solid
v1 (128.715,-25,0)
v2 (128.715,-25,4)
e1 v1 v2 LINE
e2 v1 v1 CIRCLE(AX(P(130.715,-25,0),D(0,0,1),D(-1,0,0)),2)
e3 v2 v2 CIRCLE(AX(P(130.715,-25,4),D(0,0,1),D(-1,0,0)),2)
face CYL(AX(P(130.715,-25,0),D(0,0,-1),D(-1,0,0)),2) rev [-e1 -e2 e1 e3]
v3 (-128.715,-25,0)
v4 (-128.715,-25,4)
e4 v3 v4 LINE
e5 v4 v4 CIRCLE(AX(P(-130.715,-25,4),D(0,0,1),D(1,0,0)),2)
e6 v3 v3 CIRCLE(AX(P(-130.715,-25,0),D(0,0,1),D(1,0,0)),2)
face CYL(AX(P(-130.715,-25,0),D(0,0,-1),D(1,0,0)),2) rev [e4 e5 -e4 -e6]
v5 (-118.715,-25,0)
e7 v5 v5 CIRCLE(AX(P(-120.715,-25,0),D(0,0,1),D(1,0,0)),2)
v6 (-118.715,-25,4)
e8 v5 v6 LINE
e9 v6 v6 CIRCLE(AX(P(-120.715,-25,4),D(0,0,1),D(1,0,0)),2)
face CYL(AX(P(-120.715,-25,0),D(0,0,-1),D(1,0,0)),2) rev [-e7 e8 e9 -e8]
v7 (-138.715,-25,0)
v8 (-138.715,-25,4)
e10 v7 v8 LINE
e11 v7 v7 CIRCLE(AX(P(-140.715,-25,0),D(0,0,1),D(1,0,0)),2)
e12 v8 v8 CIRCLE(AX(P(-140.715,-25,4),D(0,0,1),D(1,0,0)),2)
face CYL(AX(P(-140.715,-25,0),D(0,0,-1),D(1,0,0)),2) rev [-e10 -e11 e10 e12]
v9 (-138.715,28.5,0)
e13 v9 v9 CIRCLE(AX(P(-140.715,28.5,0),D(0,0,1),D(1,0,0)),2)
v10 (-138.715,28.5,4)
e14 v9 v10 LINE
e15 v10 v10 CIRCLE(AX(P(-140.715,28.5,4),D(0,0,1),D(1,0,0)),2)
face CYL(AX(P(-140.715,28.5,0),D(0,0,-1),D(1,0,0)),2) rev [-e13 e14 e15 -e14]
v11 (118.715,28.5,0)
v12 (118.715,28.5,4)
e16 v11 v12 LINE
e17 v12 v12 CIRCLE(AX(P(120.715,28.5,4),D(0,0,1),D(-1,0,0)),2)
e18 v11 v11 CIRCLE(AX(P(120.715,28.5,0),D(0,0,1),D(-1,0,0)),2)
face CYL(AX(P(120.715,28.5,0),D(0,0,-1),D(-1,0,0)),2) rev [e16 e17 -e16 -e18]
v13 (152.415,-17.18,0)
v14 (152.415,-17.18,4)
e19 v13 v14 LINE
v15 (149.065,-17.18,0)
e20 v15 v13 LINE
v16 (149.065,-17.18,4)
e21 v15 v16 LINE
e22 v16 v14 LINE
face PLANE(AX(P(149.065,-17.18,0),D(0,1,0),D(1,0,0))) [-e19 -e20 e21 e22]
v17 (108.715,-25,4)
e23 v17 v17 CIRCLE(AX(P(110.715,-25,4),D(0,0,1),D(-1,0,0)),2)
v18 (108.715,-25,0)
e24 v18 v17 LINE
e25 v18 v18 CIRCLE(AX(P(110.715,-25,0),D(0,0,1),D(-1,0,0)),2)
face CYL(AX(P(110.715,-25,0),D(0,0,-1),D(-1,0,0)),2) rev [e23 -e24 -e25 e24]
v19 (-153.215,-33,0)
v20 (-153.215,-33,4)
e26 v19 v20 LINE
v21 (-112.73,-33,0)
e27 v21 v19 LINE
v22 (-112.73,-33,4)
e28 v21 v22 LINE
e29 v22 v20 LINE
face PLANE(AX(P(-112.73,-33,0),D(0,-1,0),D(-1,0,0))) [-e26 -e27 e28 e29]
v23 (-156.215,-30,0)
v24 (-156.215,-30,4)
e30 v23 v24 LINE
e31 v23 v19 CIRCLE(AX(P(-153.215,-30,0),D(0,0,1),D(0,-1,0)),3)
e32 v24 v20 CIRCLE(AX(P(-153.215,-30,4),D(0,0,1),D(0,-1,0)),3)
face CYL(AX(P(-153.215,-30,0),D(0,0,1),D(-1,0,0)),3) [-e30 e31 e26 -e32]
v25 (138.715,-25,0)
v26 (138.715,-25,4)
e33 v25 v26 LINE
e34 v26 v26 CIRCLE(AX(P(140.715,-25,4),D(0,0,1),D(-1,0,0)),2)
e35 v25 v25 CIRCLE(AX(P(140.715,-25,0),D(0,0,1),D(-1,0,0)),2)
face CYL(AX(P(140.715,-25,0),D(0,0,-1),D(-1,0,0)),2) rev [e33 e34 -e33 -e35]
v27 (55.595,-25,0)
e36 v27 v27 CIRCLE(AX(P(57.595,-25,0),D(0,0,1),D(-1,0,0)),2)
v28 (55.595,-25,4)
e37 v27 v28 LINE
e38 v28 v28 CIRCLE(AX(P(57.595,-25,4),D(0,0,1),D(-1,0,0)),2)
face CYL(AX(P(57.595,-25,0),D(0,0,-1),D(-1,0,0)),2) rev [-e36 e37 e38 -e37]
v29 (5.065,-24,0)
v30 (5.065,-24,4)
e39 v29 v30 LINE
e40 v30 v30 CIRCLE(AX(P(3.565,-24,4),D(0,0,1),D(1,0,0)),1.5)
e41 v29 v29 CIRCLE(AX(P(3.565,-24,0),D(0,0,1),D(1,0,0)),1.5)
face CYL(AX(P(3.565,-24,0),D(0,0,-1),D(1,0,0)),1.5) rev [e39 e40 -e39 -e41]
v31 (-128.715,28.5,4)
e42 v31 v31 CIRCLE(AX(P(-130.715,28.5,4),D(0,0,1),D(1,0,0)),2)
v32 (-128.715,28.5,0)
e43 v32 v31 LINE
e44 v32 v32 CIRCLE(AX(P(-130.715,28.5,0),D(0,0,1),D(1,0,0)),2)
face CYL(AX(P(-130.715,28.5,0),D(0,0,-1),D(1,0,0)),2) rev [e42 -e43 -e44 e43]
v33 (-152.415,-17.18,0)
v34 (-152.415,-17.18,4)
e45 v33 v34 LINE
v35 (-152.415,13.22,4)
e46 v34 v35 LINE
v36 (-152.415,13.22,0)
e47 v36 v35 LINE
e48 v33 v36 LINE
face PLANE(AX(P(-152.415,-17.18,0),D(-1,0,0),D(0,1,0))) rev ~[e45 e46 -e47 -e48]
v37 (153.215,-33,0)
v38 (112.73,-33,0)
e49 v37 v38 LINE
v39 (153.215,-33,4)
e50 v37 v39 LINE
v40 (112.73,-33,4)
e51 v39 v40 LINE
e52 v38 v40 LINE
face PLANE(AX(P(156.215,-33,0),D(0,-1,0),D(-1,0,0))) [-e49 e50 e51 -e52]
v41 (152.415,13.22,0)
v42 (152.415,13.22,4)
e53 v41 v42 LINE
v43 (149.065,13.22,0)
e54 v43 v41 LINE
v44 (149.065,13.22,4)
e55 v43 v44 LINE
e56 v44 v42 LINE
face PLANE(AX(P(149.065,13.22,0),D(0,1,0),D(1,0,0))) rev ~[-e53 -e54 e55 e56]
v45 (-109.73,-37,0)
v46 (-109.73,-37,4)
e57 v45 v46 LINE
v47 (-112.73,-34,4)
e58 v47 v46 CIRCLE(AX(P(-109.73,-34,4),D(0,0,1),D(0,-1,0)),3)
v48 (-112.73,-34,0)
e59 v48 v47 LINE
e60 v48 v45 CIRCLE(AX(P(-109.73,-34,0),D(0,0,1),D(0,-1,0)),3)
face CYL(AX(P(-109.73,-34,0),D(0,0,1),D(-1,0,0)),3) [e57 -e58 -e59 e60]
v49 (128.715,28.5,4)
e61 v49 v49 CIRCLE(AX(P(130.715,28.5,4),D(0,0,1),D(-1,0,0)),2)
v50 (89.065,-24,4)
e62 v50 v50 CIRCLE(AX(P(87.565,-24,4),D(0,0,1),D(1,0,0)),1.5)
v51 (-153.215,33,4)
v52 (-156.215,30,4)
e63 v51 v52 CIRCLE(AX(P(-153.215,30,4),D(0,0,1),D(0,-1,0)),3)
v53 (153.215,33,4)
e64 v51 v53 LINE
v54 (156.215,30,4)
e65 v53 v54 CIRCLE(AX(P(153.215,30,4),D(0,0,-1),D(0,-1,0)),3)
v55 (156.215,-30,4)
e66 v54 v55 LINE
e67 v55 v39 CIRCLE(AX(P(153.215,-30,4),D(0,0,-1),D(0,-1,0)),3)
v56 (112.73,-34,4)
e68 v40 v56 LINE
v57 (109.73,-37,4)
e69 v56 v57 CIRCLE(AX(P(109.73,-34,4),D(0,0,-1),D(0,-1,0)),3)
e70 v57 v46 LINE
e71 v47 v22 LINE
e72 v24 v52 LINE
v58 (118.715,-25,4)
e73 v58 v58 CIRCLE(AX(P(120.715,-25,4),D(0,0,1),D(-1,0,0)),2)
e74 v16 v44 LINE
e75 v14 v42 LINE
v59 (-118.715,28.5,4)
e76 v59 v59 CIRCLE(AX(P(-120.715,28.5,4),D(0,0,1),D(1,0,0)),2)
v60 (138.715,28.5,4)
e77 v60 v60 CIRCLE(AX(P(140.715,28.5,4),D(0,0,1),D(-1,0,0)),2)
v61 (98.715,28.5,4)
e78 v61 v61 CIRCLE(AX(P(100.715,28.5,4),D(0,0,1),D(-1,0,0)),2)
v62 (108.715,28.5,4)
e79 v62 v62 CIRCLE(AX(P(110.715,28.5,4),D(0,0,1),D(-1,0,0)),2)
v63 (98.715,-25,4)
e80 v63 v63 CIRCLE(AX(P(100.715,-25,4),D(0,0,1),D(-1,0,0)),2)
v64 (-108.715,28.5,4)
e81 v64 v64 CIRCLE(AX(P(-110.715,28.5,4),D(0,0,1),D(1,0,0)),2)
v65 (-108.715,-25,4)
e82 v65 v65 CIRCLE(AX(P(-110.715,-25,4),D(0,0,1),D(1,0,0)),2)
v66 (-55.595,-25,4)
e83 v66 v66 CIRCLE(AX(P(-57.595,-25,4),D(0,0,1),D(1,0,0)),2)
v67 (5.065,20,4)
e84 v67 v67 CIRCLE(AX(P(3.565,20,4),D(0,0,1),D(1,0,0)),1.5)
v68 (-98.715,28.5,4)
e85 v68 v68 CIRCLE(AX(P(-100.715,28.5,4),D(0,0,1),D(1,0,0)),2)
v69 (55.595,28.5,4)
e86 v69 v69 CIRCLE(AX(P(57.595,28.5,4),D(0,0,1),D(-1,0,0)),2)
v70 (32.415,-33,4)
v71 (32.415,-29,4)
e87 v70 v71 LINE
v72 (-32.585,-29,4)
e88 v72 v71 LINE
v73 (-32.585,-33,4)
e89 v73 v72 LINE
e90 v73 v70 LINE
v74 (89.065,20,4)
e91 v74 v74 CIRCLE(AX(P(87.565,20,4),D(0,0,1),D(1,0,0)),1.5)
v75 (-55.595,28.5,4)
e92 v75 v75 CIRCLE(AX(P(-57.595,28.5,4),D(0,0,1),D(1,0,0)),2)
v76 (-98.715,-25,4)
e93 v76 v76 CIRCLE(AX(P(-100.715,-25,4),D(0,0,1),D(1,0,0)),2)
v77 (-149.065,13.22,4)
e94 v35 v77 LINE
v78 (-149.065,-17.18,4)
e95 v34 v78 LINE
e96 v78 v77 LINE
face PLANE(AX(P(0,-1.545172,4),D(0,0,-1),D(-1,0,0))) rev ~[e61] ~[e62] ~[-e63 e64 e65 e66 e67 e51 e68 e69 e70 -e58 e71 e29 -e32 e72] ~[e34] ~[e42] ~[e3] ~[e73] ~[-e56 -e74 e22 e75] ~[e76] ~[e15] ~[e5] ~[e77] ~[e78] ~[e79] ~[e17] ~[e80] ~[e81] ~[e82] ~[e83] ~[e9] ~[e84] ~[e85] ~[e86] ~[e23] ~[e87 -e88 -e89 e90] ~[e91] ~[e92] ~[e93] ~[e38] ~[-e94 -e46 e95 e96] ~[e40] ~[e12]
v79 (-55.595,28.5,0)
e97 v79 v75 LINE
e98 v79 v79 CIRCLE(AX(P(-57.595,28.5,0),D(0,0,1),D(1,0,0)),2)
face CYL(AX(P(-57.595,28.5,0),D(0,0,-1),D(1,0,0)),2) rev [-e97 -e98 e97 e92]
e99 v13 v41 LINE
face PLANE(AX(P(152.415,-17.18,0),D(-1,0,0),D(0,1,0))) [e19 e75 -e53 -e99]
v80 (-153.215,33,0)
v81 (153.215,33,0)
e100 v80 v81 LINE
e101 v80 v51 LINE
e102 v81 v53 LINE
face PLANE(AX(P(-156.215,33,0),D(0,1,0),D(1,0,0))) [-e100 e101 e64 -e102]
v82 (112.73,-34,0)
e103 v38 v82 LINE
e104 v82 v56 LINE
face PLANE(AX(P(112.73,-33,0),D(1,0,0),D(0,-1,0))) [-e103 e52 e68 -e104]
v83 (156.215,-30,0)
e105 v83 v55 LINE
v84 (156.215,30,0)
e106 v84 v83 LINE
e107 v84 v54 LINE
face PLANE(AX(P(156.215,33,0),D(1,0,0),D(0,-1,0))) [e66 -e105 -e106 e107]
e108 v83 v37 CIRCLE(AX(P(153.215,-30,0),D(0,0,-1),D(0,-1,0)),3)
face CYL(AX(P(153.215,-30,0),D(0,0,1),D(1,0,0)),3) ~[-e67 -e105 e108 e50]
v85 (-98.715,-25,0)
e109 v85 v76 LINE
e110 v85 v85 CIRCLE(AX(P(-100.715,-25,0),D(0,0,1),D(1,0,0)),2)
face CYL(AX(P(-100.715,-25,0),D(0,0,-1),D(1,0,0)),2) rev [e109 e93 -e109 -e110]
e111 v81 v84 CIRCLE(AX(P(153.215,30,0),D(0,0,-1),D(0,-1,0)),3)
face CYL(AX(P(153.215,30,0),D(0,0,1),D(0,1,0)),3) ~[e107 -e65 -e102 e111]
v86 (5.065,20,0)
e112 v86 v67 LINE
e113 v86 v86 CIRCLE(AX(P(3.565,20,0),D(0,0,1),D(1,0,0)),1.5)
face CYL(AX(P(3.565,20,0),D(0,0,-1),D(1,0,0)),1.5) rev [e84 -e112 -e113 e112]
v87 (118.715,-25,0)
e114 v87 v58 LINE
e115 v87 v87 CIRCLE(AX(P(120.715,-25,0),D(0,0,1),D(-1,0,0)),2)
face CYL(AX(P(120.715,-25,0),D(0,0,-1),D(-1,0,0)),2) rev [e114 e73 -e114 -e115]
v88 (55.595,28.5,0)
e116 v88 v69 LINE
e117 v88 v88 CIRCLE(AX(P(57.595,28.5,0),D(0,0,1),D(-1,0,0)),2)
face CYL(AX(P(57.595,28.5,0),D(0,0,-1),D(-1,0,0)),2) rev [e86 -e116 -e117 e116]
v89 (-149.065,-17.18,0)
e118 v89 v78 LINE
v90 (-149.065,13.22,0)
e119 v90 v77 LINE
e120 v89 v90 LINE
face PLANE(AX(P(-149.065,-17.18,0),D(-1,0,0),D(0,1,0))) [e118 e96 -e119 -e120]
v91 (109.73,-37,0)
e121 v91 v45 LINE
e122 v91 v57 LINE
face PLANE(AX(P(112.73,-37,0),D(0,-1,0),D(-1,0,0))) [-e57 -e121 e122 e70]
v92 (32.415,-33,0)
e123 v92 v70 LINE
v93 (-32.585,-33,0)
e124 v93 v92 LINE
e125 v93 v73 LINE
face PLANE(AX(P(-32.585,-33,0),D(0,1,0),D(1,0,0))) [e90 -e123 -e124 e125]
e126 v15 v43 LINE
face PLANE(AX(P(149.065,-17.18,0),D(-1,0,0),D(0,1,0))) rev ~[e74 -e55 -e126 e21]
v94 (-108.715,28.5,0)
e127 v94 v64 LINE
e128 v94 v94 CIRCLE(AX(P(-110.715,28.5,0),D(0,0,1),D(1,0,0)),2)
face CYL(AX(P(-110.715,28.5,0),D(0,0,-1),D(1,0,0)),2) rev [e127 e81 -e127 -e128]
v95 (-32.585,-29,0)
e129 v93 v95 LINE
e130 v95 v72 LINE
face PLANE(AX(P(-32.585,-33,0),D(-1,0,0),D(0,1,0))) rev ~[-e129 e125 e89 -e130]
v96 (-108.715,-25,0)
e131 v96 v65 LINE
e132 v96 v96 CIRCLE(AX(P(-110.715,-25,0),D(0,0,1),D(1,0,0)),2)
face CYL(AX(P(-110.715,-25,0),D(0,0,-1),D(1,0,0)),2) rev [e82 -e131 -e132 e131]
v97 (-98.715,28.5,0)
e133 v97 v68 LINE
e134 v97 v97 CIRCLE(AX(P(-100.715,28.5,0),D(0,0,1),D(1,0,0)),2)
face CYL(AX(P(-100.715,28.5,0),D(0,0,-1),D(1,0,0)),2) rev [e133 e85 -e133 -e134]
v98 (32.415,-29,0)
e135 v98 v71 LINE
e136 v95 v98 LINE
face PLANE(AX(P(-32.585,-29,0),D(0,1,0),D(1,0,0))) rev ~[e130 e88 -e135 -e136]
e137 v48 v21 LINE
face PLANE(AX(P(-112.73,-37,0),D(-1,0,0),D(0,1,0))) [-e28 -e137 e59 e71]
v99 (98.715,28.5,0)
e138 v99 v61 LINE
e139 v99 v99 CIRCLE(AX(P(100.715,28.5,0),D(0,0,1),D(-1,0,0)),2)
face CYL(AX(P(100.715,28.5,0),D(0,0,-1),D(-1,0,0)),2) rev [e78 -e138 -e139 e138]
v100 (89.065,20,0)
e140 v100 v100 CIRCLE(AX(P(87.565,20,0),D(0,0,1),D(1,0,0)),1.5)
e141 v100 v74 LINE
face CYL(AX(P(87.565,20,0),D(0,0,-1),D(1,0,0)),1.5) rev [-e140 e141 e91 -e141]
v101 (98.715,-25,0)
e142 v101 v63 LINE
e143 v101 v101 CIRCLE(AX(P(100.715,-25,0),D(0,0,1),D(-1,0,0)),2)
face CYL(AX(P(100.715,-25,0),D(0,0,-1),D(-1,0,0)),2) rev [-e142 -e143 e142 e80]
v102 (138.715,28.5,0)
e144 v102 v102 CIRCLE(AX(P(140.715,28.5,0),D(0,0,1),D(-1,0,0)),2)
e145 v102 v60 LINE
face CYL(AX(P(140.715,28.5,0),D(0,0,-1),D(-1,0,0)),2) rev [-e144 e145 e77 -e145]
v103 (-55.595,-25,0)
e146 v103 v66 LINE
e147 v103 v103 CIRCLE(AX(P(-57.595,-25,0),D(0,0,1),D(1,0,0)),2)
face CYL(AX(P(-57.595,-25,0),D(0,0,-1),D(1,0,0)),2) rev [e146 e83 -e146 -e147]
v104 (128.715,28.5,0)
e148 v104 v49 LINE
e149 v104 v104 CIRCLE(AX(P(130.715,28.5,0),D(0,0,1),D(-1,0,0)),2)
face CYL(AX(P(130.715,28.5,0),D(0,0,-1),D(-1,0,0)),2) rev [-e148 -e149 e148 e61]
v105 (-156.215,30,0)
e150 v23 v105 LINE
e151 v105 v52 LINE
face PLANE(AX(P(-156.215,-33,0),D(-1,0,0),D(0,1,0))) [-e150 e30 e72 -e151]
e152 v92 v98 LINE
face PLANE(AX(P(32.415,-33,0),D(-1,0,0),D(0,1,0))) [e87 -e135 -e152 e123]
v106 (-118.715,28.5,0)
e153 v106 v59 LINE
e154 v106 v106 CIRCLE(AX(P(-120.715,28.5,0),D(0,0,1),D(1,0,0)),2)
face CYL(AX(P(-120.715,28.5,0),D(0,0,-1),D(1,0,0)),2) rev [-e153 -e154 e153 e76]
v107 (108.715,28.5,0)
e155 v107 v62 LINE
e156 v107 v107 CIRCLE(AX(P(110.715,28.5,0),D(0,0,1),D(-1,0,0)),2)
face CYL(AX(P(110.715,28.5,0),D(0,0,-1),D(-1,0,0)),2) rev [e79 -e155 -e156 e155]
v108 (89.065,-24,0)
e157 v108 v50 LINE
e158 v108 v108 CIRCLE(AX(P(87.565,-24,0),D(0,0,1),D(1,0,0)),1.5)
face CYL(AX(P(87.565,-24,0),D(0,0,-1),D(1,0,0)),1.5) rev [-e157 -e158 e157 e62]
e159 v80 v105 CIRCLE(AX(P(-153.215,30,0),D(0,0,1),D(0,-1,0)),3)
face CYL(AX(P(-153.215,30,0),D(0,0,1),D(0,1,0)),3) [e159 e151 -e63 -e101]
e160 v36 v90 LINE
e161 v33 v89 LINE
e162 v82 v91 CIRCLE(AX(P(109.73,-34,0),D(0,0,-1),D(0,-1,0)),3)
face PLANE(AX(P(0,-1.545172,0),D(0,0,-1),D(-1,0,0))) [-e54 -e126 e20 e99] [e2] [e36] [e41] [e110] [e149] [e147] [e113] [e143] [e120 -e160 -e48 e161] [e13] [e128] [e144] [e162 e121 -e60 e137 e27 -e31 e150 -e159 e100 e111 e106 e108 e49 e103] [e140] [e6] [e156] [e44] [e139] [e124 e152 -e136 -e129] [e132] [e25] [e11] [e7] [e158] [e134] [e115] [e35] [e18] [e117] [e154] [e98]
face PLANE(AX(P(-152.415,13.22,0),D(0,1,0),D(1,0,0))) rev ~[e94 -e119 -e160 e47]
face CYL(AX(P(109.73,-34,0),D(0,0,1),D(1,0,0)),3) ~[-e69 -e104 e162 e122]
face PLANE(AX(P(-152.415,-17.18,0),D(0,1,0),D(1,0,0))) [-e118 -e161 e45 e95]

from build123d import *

# Parameters (mm, degrees)
SKETCH1_R           = 2
SKETCH1_R_2         = 1.5
SKETCH1_W           = 3.35
SKETCH1_H           = 30.4
SKETCH1_W_2         = 65
SKETCH1_H_2         = 4
BOSS_EXTRUDE1_DEPTH = 4
FILLET1_R           = 3


with BuildPart() as part:
    # Sketch1 → Boss-Extrude1 (new body)
    with BuildSketch(Plane.XY):
        Polygon((-156.215, 33), (156.215, 33), (156.215, -33), (112.73, -33), (112.73, -37), (-112.73, -37), (-112.73, -33), (-156.215, -33), align=None)
        with Locations((-140.715, 28.5)):
            Circle(SKETCH1_R, mode=Mode.SUBTRACT)
        with Locations((-130.715, 28.5)):
            Circle(SKETCH1_R, mode=Mode.SUBTRACT)
        with Locations((-120.715, 28.5)):
            Circle(SKETCH1_R, mode=Mode.SUBTRACT)
        with Locations((-110.715, 28.5)):
            Circle(SKETCH1_R, mode=Mode.SUBTRACT)
        with Locations((-100.715, 28.5)):
            Circle(SKETCH1_R, mode=Mode.SUBTRACT)
        with Locations((-57.595, 28.5)):
            Circle(SKETCH1_R, mode=Mode.SUBTRACT)
        with Locations(Location((57.595, 28.5, 0), (0, 0, 180))):
            Circle(SKETCH1_R, mode=Mode.SUBTRACT)
        with Locations(Location((100.715, 28.5, 0), (0, 0, 180))):
            Circle(SKETCH1_R, mode=Mode.SUBTRACT)
        with Locations(Location((110.715, 28.5, 0), (0, 0, 180))):
            Circle(SKETCH1_R, mode=Mode.SUBTRACT)
        with Locations(Location((120.715, 28.5, 0), (0, 0, 180))):
            Circle(SKETCH1_R, mode=Mode.SUBTRACT)
        with Locations(Location((130.715, 28.5, 0), (0, 0, 180))):
            Circle(SKETCH1_R, mode=Mode.SUBTRACT)
        with Locations(Location((140.715, 28.5, 0), (0, 0, 180))):
            Circle(SKETCH1_R, mode=Mode.SUBTRACT)
        with Locations((-140.715, -25)):
            Circle(SKETCH1_R, mode=Mode.SUBTRACT)
        with Locations((-130.715, -25)):
            Circle(SKETCH1_R, mode=Mode.SUBTRACT)
        with Locations((-120.715, -25)):
            Circle(SKETCH1_R, mode=Mode.SUBTRACT)
        with Locations((-110.715, -25)):
            Circle(SKETCH1_R, mode=Mode.SUBTRACT)
        with Locations((-100.715, -25)):
            Circle(SKETCH1_R, mode=Mode.SUBTRACT)
        with Locations((-57.595, -25)):
            Circle(SKETCH1_R, mode=Mode.SUBTRACT)
        with Locations(Location((140.715, -25, 0), (0, 0, 180))):
            Circle(SKETCH1_R, mode=Mode.SUBTRACT)
        with Locations(Location((130.715, -25, 0), (0, 0, 180))):
            Circle(SKETCH1_R, mode=Mode.SUBTRACT)
        with Locations(Location((120.715, -25, 0), (0, 0, 180))):
            Circle(SKETCH1_R, mode=Mode.SUBTRACT)
        with Locations(Location((110.715, -25, 0), (0, 0, 180))):
            Circle(SKETCH1_R, mode=Mode.SUBTRACT)
        with Locations(Location((100.715, -25, 0), (0, 0, 180))):
            Circle(SKETCH1_R, mode=Mode.SUBTRACT)
        with Locations(Location((57.595, -25, 0), (0, 0, 180))):
            Circle(SKETCH1_R, mode=Mode.SUBTRACT)
        with Locations((3.565, -24)):
            Circle(SKETCH1_R_2, mode=Mode.SUBTRACT)
        with Locations((3.565, 20)):
            Circle(SKETCH1_R_2, mode=Mode.SUBTRACT)
        with Locations((87.565, 20)):
            Circle(SKETCH1_R_2, mode=Mode.SUBTRACT)
        with Locations((87.565, -24)):
            Circle(SKETCH1_R_2, mode=Mode.SUBTRACT)
        with Locations((150.74, -1.98)):
            Rectangle(SKETCH1_W, SKETCH1_H, mode=Mode.SUBTRACT)
        with Locations((-150.74, -1.98)):
            Rectangle(SKETCH1_W, SKETCH1_H, mode=Mode.SUBTRACT)
        with Locations((-0.085, -31)):
            Rectangle(SKETCH1_W_2, SKETCH1_H_2, mode=Mode.SUBTRACT)
    extrude(amount=BOSS_EXTRUDE1_DEPTH)

    # Fillet1
    fillet1_edges = [part.edges().sort_by_distance(p)[0] for p in [
        (112.73, -37, 2),
        (-112.73, -37, 2),
        (-156.215, -33, 2),
        (-156.215, 33, 2),
        (156.215, 33, 2),
        (156.215, -33, 2),
    ]]
    fillet(fillet1_edges, radius=FILLET1_R)


solid = part.part
